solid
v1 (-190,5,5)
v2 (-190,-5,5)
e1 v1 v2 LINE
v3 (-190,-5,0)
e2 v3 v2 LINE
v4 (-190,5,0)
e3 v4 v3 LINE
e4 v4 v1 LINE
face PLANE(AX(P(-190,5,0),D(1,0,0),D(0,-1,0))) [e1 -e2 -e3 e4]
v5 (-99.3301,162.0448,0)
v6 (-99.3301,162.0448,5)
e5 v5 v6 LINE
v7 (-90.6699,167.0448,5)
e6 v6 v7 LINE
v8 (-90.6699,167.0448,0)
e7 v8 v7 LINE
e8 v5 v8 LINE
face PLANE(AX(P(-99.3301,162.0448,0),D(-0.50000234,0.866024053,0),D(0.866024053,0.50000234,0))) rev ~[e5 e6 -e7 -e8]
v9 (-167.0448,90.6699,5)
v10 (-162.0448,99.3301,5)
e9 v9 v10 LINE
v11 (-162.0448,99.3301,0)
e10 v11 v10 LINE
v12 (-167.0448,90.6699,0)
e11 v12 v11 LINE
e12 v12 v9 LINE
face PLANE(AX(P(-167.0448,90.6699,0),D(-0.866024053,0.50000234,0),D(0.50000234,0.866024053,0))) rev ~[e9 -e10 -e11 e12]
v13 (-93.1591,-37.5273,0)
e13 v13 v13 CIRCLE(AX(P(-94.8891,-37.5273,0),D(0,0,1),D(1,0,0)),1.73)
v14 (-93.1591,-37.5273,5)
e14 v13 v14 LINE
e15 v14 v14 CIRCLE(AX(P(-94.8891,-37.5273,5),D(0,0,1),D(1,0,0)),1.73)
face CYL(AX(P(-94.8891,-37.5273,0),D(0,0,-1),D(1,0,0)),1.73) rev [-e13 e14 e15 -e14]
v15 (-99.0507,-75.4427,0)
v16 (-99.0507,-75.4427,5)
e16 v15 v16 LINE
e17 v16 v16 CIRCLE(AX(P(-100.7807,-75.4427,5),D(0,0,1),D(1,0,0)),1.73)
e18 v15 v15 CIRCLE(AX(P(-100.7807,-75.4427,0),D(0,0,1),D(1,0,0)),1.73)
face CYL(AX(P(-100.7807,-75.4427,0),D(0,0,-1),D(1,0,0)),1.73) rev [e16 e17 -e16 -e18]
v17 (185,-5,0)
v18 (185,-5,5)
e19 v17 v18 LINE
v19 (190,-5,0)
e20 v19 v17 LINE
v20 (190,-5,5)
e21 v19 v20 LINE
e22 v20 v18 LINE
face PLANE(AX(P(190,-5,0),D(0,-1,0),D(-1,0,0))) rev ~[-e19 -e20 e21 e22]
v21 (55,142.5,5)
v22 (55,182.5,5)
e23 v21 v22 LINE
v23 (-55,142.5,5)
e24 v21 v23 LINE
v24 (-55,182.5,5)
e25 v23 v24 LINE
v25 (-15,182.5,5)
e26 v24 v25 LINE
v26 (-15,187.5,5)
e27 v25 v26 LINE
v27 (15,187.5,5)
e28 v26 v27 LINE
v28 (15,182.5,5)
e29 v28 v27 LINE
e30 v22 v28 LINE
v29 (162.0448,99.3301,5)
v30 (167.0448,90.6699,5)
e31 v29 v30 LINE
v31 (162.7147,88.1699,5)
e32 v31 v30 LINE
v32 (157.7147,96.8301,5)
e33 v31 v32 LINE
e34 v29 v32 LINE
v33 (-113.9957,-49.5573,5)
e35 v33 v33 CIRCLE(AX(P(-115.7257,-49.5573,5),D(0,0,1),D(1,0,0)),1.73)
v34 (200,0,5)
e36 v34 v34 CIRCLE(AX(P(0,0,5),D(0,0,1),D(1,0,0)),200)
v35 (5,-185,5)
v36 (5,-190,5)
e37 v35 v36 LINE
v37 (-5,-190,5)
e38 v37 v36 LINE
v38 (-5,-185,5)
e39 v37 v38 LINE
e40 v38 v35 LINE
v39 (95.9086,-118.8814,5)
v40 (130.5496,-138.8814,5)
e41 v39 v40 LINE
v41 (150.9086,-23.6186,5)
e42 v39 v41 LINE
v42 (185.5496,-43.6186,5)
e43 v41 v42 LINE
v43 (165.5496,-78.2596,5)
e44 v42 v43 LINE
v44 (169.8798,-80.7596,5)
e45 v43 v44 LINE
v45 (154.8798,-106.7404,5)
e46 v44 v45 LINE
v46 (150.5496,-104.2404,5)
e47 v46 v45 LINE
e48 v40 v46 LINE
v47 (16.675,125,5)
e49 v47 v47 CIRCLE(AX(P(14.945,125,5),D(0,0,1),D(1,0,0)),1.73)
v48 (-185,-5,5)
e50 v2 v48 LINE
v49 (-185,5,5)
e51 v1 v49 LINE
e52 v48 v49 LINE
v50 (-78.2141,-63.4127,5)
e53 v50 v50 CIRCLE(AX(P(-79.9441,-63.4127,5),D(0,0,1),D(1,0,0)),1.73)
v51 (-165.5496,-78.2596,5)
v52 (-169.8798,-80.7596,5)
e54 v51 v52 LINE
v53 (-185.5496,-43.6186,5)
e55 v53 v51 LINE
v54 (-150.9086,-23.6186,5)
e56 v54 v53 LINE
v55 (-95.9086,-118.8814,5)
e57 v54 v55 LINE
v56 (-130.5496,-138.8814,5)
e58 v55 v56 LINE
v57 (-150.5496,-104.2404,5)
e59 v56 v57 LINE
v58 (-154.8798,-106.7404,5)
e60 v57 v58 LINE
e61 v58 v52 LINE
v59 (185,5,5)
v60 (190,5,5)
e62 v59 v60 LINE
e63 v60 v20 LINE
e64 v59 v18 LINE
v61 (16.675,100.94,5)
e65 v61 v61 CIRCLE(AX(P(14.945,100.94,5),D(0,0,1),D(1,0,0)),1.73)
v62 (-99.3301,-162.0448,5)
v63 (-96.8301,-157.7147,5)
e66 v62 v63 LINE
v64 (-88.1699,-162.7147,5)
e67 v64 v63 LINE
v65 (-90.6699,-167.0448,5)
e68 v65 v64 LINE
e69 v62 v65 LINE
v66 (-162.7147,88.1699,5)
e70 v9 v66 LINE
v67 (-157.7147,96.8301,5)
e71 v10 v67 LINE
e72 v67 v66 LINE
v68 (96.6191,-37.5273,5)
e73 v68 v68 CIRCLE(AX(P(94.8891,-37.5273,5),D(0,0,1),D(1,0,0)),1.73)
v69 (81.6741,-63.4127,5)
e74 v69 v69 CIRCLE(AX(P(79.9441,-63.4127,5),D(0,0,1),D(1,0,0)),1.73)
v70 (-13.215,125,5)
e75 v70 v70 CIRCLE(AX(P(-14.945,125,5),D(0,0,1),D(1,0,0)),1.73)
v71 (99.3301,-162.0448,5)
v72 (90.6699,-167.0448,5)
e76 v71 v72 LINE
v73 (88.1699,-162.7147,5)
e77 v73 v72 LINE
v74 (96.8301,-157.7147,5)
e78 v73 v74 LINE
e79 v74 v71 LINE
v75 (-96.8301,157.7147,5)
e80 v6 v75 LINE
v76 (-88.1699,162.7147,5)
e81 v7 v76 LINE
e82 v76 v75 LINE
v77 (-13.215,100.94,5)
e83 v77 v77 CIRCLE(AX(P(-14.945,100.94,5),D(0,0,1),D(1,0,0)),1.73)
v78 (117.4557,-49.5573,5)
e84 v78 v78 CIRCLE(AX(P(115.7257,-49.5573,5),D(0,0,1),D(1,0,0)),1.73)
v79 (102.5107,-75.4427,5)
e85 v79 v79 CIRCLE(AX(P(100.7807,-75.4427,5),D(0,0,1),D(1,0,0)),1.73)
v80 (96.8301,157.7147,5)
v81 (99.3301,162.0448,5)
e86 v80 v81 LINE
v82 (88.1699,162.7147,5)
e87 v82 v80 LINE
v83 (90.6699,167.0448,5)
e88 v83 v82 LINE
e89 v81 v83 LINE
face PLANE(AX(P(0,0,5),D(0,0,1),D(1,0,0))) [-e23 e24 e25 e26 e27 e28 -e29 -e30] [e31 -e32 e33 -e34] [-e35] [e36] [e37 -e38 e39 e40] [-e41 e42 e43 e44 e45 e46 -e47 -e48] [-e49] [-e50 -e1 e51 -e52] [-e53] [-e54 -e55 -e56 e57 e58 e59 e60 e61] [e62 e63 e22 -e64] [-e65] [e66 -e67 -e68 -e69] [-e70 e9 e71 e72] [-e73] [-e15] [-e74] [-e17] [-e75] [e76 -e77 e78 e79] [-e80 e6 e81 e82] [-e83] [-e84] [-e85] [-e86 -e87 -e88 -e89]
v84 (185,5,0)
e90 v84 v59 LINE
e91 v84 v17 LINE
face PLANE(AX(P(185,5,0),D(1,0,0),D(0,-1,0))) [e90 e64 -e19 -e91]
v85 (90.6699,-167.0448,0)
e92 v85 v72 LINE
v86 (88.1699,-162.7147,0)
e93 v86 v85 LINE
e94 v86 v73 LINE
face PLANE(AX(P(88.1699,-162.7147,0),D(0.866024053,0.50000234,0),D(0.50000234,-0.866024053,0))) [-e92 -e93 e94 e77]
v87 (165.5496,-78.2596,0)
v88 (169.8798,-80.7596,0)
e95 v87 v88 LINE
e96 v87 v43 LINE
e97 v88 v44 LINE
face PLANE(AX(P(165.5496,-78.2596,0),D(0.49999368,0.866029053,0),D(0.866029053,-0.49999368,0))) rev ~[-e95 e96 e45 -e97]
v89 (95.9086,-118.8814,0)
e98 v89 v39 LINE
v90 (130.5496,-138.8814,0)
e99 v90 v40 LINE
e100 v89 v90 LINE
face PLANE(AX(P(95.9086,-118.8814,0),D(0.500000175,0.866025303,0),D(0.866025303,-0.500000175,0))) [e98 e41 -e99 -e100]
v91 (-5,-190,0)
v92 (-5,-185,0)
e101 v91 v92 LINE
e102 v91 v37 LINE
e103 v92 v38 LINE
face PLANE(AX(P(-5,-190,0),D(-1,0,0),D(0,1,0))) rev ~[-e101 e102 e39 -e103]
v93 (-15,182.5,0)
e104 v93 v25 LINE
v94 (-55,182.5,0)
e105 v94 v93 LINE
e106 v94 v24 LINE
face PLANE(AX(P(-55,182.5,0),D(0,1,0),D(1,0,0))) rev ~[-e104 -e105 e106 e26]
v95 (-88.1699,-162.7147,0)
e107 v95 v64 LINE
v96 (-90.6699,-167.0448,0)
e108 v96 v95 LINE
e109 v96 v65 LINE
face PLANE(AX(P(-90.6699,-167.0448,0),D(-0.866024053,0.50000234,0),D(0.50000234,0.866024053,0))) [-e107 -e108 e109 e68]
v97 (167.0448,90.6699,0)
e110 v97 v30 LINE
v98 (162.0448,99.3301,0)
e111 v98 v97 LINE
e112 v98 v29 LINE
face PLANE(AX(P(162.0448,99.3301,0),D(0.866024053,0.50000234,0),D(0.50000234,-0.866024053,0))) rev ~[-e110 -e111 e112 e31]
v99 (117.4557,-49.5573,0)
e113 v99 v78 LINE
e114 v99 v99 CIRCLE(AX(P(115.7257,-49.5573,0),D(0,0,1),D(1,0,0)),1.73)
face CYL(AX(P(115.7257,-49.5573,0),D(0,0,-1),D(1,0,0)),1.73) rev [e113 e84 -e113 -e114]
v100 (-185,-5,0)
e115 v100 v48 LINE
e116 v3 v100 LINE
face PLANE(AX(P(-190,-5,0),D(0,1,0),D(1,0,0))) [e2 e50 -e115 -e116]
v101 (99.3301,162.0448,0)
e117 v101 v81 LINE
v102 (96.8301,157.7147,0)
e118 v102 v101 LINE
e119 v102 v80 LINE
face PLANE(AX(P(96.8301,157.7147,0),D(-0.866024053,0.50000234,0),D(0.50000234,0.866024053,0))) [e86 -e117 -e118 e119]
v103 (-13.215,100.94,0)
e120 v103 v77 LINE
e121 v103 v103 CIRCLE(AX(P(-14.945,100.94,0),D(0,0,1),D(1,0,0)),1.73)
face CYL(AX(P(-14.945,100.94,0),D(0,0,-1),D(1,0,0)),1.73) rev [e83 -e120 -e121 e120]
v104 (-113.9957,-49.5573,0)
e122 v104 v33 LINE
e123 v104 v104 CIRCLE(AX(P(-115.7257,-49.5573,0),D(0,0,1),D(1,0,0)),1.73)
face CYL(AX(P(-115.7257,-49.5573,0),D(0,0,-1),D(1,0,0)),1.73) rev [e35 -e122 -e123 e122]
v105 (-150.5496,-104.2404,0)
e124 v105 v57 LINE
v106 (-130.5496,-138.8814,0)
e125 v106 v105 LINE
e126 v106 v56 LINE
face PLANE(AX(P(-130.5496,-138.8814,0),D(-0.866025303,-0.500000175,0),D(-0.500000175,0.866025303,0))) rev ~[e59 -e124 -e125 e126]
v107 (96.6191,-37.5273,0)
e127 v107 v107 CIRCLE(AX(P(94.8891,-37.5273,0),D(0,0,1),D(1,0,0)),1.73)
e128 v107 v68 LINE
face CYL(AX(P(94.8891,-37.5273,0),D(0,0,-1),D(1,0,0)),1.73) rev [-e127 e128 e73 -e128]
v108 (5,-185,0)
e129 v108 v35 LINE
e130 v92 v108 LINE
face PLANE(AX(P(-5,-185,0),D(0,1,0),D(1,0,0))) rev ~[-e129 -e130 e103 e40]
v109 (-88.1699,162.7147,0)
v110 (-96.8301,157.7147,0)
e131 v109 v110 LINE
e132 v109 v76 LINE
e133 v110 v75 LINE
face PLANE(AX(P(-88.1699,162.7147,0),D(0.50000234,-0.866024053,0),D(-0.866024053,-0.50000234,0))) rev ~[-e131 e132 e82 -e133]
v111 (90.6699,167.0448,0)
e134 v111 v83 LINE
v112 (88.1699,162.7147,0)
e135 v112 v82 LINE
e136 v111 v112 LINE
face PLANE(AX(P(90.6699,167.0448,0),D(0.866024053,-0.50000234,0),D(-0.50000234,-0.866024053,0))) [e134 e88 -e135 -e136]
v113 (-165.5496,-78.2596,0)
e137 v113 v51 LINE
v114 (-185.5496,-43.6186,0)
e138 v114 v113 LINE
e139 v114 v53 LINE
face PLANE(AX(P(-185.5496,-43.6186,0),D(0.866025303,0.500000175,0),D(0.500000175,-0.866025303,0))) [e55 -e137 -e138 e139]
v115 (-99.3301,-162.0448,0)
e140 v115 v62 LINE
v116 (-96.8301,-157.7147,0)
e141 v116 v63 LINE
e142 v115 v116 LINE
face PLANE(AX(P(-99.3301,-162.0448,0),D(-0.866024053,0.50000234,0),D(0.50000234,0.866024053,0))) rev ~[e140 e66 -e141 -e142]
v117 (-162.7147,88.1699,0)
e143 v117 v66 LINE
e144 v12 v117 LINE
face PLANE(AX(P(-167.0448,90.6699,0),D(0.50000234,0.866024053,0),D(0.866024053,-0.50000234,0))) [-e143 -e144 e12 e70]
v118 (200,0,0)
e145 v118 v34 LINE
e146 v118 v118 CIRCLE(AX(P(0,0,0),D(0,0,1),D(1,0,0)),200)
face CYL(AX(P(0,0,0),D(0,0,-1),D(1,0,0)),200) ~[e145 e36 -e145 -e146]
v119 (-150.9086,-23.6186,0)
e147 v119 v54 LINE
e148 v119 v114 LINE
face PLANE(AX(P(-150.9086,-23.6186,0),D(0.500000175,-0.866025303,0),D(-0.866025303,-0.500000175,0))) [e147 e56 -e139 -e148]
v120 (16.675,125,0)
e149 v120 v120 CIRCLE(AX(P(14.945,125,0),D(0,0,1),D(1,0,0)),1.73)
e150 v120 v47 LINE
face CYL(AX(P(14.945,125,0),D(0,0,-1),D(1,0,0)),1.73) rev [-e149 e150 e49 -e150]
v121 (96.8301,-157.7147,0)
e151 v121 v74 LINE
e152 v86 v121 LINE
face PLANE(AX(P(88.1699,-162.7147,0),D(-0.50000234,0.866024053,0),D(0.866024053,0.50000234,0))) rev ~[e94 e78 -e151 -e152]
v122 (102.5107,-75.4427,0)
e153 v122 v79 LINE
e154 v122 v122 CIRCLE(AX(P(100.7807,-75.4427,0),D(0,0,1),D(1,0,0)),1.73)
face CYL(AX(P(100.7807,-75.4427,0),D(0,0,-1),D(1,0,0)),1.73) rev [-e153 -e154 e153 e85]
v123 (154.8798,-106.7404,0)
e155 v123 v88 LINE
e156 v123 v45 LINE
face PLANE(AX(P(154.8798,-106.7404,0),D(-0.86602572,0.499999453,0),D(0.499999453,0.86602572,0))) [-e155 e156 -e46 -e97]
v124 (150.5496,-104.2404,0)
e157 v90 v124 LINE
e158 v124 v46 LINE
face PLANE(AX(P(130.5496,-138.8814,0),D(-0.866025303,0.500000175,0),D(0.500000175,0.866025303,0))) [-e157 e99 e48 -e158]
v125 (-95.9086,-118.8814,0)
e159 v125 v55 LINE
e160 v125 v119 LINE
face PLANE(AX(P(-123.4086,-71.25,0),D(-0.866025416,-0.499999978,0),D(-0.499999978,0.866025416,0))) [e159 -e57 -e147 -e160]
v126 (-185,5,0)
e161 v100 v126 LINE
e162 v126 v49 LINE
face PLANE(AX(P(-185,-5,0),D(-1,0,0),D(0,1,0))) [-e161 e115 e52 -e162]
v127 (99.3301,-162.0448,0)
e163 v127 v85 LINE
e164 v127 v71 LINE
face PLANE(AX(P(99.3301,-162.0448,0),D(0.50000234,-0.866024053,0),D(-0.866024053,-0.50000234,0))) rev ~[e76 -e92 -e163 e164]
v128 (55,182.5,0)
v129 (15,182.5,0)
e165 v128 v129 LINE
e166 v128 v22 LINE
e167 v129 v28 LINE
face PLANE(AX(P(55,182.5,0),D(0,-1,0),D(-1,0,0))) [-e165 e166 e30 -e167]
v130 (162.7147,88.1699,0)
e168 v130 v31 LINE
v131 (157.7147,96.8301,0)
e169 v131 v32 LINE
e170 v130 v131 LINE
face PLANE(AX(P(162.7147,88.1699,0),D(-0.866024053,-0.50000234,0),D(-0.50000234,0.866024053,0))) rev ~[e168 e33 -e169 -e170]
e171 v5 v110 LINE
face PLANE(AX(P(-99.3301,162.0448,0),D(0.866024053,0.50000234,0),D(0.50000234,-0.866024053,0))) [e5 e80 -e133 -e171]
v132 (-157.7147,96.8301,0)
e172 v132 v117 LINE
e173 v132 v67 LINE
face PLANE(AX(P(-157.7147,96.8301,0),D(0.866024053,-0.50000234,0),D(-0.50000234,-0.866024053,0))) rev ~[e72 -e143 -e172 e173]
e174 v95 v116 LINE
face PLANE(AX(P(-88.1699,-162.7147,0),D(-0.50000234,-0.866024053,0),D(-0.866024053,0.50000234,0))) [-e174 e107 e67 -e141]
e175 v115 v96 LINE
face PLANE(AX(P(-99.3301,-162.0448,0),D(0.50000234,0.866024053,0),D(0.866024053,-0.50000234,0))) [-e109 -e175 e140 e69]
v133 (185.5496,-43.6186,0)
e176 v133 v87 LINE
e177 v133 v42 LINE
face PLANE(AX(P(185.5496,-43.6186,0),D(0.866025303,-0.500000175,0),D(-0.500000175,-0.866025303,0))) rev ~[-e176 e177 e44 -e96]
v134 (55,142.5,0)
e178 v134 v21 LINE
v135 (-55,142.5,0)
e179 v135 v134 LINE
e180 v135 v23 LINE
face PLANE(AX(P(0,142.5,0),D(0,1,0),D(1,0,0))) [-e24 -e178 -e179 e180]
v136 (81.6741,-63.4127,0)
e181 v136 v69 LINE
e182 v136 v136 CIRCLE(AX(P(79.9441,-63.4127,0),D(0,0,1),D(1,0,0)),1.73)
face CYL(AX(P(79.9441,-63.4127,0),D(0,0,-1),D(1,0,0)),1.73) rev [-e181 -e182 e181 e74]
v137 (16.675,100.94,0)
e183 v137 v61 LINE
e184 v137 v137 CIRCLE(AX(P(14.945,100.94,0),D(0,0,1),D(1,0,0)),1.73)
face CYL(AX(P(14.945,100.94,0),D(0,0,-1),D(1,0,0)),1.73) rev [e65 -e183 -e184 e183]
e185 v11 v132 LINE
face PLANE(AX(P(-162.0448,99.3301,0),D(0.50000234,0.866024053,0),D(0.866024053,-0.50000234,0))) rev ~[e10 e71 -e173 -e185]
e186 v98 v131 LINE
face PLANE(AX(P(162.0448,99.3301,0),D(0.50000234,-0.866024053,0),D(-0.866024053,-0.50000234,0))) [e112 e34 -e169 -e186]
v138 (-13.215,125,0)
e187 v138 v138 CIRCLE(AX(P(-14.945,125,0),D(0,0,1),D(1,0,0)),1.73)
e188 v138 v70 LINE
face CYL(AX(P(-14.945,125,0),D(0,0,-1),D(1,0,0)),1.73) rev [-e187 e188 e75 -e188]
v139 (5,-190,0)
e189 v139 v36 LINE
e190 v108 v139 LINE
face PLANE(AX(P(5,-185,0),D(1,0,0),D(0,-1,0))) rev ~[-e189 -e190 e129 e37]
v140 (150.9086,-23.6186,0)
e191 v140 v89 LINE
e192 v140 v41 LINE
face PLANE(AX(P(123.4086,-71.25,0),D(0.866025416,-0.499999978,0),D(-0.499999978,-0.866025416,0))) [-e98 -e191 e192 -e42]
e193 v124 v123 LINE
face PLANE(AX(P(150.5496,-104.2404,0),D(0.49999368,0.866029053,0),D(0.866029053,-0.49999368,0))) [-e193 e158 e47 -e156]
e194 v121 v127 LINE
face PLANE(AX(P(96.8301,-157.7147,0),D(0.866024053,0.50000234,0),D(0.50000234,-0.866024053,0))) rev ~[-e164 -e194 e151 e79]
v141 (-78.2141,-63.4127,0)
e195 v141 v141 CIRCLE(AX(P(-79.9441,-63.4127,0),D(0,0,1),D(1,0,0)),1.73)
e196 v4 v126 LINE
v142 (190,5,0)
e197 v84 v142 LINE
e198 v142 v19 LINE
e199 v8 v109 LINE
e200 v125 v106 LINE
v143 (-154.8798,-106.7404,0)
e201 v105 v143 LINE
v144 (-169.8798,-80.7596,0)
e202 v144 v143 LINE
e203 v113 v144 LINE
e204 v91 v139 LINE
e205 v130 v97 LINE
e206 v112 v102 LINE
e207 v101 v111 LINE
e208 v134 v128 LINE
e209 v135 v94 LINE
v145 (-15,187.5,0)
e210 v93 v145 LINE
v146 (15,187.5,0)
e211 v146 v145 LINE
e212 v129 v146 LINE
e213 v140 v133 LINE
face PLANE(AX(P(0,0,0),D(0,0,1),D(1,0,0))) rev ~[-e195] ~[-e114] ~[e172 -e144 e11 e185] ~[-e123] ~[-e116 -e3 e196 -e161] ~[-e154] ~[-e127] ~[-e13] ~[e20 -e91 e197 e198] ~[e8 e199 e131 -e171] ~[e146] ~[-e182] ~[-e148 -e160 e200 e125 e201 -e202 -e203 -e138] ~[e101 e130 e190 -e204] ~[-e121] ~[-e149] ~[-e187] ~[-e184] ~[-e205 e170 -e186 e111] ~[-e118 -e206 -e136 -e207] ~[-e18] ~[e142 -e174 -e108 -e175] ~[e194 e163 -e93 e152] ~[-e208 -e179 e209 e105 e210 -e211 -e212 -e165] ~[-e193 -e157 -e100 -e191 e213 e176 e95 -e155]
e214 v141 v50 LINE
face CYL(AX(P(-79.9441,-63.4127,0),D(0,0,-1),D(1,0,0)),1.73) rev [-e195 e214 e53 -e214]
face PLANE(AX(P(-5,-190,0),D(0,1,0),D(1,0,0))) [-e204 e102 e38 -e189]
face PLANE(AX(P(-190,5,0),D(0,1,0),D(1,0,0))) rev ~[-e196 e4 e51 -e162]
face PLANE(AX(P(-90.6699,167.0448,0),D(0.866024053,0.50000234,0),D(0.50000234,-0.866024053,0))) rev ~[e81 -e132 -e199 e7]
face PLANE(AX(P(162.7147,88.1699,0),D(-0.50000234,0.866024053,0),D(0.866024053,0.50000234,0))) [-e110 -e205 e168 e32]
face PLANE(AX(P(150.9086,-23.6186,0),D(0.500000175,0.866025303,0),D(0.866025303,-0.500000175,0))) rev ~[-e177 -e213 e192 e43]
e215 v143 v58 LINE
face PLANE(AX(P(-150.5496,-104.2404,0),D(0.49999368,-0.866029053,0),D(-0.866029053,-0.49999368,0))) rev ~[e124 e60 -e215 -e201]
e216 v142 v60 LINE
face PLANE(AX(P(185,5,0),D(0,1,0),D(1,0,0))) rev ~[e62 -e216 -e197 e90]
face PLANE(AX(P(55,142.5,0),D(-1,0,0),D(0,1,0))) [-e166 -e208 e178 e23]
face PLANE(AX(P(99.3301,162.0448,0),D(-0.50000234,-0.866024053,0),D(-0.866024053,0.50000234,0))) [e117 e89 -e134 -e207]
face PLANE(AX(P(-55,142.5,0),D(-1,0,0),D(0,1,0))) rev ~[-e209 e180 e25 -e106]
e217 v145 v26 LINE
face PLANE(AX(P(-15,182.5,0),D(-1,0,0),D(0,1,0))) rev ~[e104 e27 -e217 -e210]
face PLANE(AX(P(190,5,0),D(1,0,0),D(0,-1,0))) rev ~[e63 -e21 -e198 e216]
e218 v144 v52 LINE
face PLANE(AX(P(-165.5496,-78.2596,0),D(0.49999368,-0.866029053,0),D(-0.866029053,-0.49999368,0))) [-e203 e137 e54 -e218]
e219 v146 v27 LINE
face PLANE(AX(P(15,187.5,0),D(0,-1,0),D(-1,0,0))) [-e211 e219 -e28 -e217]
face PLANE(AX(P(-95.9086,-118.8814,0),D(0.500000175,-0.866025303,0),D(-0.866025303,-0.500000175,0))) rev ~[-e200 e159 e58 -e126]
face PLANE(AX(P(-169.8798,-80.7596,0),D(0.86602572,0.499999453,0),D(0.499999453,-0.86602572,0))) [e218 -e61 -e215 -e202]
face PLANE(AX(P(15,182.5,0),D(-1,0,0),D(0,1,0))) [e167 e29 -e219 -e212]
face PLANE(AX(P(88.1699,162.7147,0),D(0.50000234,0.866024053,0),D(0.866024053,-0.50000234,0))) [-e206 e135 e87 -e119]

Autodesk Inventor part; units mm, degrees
ref_plane "YZ Plane" through (0, 0, 0) normal (1, 0, 0) x (0, 1, 0)
ref_plane "XZ Plane" through (0, 0, 0) normal (0, 1, 0) x (-1, 0, 0)
ref_plane "XY Plane" through (0, 0, 0) normal (0, 0, 1) x (1, 0, 0)
sketch "Sketch1" plane through (0, 0, 0) normal (0, 0, 1) x (1, 0, 0)
  circle A0 centre (0, 0) radius 200
  line L0 (90.6699, 167.0448) -> (88.1699, 162.7147)
  line L1 (96.8301, 157.7147) -> (99.3301, 162.0448)
  line L2 (162.0448, 99.3301) -> (157.7147, 96.8301)
  line L3 (162.7147, 88.1699) -> (167.0448, 90.6699)
  line L4 (185, 5) -> (190, 5)
  line L5 (190, -5) -> (185, -5)
  line L6 (88.1699, -162.7147) -> (96.8301, -157.7147)
  line L7 (99.3301, -162.0448) -> (90.6699, -167.0448)
  line L8 (-5, -190) -> (-5, -185)
  line L9 (5, -185) -> (5, -190)
  line L10 (-99.3301, -162.0448) -> (-90.6699, -167.0448)
  line L11 (-88.1699, -162.7147) -> (-96.8301, -157.7147)
  line L12 (-190, 5) -> (-190, -5)
  line L13 (-190, -5) -> (-185, -5)
  line L14 (-185, -5) -> (-185, 5)
  line L15 (-167.0448, 90.6699) -> (-162.0448, 99.3301)
  line L16 (-157.7147, 96.8301) -> (-162.7147, 88.1699)
  line L17 (-99.3301, 162.0448) -> (-90.6699, 167.0448)
  line L18 (-88.1699, 162.7147) -> (-96.8301, 157.7147)
  line L19 (-190, -5) -> (-190, 5)
  line L20 (-185, 5) -> (-185, -5)
  line L21 (88.1699, 162.7147) -> (96.8301, 157.7147)
  line L22 (99.3301, 162.0448) -> (90.6699, 167.0448)
  line L23 (162.7147, 88.1699) -> (157.7147, 96.8301)
  line L24 (162.0448, 99.3301) -> (167.0448, 90.6699)
  line L25 (185, 5) -> (185, -5)
  line L26 (190, 5) -> (190, -5)
  line L27 (96.8301, -157.7147) -> (99.3301, -162.0448)
  line L28 (88.1699, -162.7147) -> (90.6699, -167.0448)
  line L29 (-5, -185) -> (5, -185)
  line L30 (-5, -190) -> (5, -190)
  line L31 (-99.3301, -162.0448) -> (-96.8301, -157.7147)
  line L32 (-90.6699, -167.0448) -> (-88.1699, -162.7147)
  line L33 (-190, 5) -> (-185, 5)
  line L34 (-162.0448, 99.3301) -> (-157.7147, 96.8301)
  line L35 (-167.0448, 90.6699) -> (-162.7147, 88.1699)
  line L36 (-99.3301, 162.0448) -> (-96.8301, 157.7147)
  line L37 (-90.6699, 167.0448) -> (-88.1699, 162.7147)
  line L38 (0, 142.5) -> (55, 142.5)
  line L39 (55, 142.5) -> (55, 182.5)
  line L40 (55, 182.5) -> (15, 182.5)
  line L41 (15, 182.5) -> (15, 187.5)
  line L42 (15, 187.5) -> (0, 187.5)
  line L43 (0, 142.5) -> (-55, 142.5)
  line L44 (-55, 142.5) -> (-55, 182.5)
  line L45 (-55, 182.5) -> (-15, 182.5)
  line L46 (-15, 182.5) -> (-15, 187.5)
  line L47 (-15, 187.5) -> (0, 187.5)
  line L48 (-123.4086, -71.25) -> (-95.9086, -118.8814)
  line L49 (-150.5496, -104.2404) -> (-154.8798, -106.7404)
  line L50 (-154.8798, -106.7404) -> (-162.3798, -93.75)
  line L51 (-95.9086, -118.8814) -> (-130.5496, -138.8814)
  line L52 (-130.5496, -138.8814) -> (-150.5496, -104.2404)
  line L53 (-123.4086, -71.25) -> (-150.9086, -23.6186)
  line L54 (-165.5496, -78.2596) -> (-169.8798, -80.7596)
  line L55 (-150.9086, -23.6186) -> (-185.5496, -43.6186)
  line L56 (-185.5496, -43.6186) -> (-165.5496, -78.2596)
  line L57 (-169.8798, -80.7596) -> (-162.3798, -93.75)
  line L58 (123.4086, -71.25) -> (150.9086, -23.6186)
  line L59 (165.5496, -78.2596) -> (169.8798, -80.7596)
  line L60 (169.8798, -80.7596) -> (162.3798, -93.75)
  line L61 (150.9086, -23.6186) -> (185.5496, -43.6186)
  line L62 (185.5496, -43.6186) -> (165.5496, -78.2596)
  line L63 (123.4086, -71.25) -> (95.9086, -118.8814)
  line L64 (150.5496, -104.2404) -> (154.8798, -106.7404)
  line L65 (95.9086, -118.8814) -> (130.5496, -138.8814)
  line L66 (130.5496, -138.8814) -> (150.5496, -104.2404)
  line L67 (154.8798, -106.7404) -> (162.3798, -93.75)
  line L68 (157.7147, 96.8301) -> (162.0448, 99.3301)
  line L69 (167.0448, 90.6699) -> (162.7147, 88.1699)
  line L70 (-99.3301, -162.0448) -> (-96.8301, -157.7147)
  line L71 (-88.1699, -162.7147) -> (-90.6699, -167.0448)
  line L72 (-99.3301, -162.0448) -> (-96.8301, -157.7147)
  line L73 (-88.1699, -162.7147) -> (-90.6699, -167.0448)
  line L74 (-99.3301, -162.0448) -> (-90.6699, -167.0448)
  circle A1 centre (14.945, 125) radius 1.73
  circle A2 centre (14.945, 100.94) radius 1.73
  circle A3 centre (-14.945, 125) radius 1.73
  circle A4 centre (-14.945, 100.94) radius 1.73
  circle A5 centre (-100.7807, -75.4427) radius 1.73
  circle A6 centre (-115.7257, -49.5573) radius 1.73
  circle A7 centre (-79.9441, -63.4127) radius 1.73
  circle A8 centre (-94.8891, -37.5273) radius 1.73
  circle A9 centre (115.7257, -49.5573) radius 1.73
  circle A10 centre (100.7807, -75.4427) radius 1.73
  circle A11 centre (94.8891, -37.5273) radius 1.73
  circle A12 centre (79.9441, -63.4127) radius 1.73
  dimension "d15" = 45
  dimension "d17" = 40
  dimension "d18" = 40
  dimension "d21" = 360
  dimension "d27" = 3.46
  dimension "d48" = 360
extrude "Extrusion1" add sketch "Sketch1" along normal blind 5 contours A0 | A1 | A2 | A3 | A4 | A5 | A6 | A7 | A8 | A9 | A10 | A11 | A12
extrude "Extrusion5" cut sketch "Sketch1" along normal blind 5 contours A1 | A2 | A3 | A4 | A5 | A6 | A7 | A8 | A9 | A10 | A11 | A12
properties part number "debanhxe"
